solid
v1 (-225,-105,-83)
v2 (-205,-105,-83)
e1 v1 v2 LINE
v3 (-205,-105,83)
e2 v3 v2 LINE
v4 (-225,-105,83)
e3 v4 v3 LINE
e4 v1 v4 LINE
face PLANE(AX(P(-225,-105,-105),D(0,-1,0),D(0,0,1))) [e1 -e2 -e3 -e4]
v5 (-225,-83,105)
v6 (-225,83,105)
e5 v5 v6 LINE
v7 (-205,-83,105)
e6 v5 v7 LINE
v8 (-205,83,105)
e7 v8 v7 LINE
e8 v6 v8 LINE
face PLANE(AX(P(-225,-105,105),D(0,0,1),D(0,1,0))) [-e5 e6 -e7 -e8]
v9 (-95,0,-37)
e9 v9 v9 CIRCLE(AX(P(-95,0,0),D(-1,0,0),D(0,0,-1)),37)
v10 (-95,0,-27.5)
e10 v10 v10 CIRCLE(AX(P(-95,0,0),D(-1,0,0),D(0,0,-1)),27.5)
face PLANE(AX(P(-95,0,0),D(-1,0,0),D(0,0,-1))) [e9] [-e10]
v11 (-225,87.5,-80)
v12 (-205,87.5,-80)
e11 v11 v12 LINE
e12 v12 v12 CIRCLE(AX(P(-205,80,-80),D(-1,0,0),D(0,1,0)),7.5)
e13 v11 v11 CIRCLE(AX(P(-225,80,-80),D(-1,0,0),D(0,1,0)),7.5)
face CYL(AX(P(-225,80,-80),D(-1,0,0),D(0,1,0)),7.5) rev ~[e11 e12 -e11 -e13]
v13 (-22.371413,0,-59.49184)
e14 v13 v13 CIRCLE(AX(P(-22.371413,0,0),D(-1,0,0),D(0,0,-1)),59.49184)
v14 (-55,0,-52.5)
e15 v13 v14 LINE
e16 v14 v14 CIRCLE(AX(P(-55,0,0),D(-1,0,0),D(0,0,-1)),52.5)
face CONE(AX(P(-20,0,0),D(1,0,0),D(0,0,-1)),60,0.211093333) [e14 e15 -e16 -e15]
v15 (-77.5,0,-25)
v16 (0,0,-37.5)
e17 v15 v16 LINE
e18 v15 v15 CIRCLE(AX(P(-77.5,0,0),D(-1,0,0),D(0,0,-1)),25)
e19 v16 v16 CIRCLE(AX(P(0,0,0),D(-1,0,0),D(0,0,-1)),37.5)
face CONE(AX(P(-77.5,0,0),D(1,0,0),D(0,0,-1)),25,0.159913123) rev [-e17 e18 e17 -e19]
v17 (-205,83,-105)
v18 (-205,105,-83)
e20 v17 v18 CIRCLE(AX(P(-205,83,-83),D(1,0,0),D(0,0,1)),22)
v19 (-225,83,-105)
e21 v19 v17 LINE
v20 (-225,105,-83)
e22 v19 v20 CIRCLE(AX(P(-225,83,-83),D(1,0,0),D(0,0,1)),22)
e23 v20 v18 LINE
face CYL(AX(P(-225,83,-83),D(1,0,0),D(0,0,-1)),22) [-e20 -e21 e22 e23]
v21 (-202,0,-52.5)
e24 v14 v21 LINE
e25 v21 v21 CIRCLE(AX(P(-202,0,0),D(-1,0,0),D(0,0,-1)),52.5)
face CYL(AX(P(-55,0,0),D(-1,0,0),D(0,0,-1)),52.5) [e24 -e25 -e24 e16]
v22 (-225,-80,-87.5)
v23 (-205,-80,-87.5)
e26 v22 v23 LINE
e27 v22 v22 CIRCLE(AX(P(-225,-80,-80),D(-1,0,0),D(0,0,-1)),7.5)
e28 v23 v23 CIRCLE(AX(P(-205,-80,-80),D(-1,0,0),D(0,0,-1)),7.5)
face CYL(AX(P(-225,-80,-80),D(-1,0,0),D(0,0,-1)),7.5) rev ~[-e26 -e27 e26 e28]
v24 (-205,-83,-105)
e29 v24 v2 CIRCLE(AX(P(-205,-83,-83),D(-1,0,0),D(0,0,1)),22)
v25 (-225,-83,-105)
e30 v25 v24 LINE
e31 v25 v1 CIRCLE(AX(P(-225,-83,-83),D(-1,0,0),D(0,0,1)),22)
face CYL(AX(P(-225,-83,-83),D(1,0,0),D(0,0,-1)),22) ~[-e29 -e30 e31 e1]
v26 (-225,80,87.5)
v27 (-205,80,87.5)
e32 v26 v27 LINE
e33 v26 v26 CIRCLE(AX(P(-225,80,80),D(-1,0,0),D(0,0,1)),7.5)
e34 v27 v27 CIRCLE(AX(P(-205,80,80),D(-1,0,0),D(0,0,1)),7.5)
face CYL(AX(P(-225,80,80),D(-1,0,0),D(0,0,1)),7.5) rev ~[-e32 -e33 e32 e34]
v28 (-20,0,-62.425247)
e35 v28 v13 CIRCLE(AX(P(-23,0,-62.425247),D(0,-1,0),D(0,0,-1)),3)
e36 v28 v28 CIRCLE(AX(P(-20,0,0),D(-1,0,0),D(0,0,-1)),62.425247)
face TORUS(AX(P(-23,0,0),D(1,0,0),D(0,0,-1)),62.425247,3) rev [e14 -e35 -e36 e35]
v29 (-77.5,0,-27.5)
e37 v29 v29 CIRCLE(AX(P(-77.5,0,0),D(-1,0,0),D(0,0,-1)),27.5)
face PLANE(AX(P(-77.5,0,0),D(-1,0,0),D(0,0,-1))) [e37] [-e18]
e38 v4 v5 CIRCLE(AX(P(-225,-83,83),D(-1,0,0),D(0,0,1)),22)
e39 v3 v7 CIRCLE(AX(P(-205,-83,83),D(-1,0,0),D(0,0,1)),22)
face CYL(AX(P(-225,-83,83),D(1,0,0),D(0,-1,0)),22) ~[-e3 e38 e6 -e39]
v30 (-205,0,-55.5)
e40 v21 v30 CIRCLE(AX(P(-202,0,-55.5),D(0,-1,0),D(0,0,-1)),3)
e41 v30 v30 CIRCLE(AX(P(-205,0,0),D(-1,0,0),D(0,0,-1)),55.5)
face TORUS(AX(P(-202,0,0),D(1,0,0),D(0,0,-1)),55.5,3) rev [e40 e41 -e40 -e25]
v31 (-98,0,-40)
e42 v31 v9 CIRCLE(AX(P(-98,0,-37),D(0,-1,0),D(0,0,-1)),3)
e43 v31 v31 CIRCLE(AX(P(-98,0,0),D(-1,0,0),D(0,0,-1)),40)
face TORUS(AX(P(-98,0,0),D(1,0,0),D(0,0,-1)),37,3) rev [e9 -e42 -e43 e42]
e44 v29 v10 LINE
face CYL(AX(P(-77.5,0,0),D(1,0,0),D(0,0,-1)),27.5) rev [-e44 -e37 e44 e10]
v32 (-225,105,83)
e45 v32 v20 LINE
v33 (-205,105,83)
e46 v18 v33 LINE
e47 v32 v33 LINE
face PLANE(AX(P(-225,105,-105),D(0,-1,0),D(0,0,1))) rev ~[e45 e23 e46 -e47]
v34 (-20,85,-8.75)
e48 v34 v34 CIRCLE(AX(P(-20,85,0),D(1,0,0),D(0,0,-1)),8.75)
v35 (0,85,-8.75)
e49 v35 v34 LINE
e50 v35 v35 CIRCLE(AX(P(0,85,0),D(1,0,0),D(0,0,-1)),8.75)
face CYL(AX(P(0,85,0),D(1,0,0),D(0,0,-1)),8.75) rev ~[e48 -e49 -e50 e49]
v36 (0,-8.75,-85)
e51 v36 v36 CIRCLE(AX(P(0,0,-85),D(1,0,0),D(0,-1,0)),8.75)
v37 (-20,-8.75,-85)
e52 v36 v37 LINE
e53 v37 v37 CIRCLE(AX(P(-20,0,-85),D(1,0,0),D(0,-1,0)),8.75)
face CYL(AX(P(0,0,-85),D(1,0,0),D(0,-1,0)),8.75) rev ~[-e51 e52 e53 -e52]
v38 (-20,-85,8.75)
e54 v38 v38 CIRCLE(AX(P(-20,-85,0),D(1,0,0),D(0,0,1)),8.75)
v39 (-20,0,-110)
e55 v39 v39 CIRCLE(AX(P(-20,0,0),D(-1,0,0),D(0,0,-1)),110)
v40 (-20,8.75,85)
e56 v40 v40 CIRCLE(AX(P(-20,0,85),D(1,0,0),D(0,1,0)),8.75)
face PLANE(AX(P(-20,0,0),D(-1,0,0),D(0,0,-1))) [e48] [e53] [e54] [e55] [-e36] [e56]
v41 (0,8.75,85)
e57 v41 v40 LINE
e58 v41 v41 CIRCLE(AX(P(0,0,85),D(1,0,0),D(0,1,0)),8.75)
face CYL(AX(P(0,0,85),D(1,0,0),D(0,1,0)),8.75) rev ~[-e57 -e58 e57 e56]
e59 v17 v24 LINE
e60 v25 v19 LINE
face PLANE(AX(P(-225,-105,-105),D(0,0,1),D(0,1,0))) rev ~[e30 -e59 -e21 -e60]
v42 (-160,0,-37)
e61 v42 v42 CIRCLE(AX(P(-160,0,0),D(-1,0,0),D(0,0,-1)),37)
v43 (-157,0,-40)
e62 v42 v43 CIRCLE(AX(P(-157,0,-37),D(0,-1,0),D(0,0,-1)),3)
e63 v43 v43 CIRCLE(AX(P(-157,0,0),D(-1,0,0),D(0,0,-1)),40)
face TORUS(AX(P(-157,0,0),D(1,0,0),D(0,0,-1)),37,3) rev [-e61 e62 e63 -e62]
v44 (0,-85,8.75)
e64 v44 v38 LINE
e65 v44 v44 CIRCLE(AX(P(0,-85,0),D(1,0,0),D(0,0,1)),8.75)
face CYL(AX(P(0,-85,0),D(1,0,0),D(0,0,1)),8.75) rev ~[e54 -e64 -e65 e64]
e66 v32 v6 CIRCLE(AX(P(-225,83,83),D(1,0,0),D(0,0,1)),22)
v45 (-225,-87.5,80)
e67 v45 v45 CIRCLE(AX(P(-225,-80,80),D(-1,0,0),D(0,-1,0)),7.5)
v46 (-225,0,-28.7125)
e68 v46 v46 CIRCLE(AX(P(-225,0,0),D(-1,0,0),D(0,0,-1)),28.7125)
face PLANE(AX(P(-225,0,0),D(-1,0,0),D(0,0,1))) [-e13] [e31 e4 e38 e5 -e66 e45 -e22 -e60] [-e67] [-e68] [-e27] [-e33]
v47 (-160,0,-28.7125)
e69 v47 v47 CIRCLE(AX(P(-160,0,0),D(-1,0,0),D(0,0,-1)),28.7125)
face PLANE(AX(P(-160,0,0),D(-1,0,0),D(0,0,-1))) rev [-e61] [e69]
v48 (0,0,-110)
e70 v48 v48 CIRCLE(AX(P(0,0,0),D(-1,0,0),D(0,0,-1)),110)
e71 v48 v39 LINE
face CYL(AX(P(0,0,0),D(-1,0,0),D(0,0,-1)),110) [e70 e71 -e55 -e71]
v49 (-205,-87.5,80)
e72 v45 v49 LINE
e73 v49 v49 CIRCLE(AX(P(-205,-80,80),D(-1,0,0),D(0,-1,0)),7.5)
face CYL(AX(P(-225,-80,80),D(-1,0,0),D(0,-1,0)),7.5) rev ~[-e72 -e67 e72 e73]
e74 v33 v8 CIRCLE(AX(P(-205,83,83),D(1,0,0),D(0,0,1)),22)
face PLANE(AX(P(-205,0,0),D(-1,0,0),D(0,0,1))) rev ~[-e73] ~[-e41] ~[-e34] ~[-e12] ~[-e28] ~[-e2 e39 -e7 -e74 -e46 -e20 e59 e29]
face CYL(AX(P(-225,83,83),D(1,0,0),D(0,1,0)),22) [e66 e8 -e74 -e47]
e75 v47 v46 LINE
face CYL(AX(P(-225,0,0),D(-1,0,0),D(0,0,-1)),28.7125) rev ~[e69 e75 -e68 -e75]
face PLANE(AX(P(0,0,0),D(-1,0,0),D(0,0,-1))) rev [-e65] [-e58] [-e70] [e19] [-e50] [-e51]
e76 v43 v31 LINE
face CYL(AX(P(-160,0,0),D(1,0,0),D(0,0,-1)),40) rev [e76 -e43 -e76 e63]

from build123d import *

# Parameters (mm, degrees)
CUT_EXTRUDE_1_REACH      = 275.542
SKETCH_2_R               = 8.75
PATTERN_CIRCULAR_1_COUNT = 4
SKETCH_3_W               = 210
SKETCH_3_H               = 210
SKETCH_3_R               = 28.7125
EXTRUDE_1_DEPTH          = 20
SKETCH_4_R               = 7.5
CUT_EXTRUDE_2_DEPTH      = 20
FILLET_1_R               = 22
PATTERN_CIRCULAR_5_COUNT = 4
FILLET_2_R               = 3
SKETCH_5_R               = 28.7125
SKETCH_5_R_2             = 27.5
EXTRUDE_2_DEPTH          = 17.5
FILLET_3_R               = 3


with BuildPart() as part:
    # Эскиз1 → Повернуть1 (revolve)
    with BuildSketch(Plane.XY, mode=Mode.PRIVATE) as revolve_1_sk:
        Polygon((0, 37.5), (0, 110), (-20, 110), (-20, 60), (-55, 52.5), (-205, 52.5), (-205, 105), (-225, 105), (-225, 62.5), (-210, 62.5), (-210, 28.7125), (-160, 28.7125), (-160, 40), (-95, 40), (-95, 28.7125), (-77.5, 28.7125), (-77.5, 25), align=None)
    revolve(revolve_1_sk.sketch.rotate(Axis((0, 0, 0), (-1, 0, 0)), 90), axis=Axis((0, 0, 0), (-1, 0, 0)))

    # Эскиз2 → Вырез-Вытянуть1 (cut, up to next)
    with BuildSketch(Plane(origin=(0, 0, 0), x_dir=(0, 0, -1), z_dir=(1, 0, 0)), mode=Mode.PRIVATE) as cut_extrude_1_sk1:
        with Locations((0, 85)):
            Circle(SKETCH_2_R)
    cut_extrude_1_tool1 = extrude(cut_extrude_1_sk1.sketch, amount=-CUT_EXTRUDE_1_REACH, mode=Mode.PRIVATE) & part.part
    cut_extrude_1 = cut_extrude_1_tool1.solids().sort_by_distance((0, 85, 0))[0]
    add(cut_extrude_1, mode=Mode.SUBTRACT)

    # Круговой массив1: Вырез-Вытянуть1 ×4 about axis
    pattern_circular_1_axis = Axis((0, 0, 0), (1, 0, 0))
    for i in range(1, PATTERN_CIRCULAR_1_COUNT):
        add(cut_extrude_1.rotate(pattern_circular_1_axis, i * 360 / PATTERN_CIRCULAR_1_COUNT), mode=Mode.SUBTRACT)

    # Эскиз3 → Бобышка-Вытянуть1 (add)
    with BuildSketch(Plane.ZY.offset(225)):
        Rectangle(SKETCH_3_W, SKETCH_3_H)
        with Locations(Location((0, 0, 0), (0, 0, 180))):
            Circle(SKETCH_3_R, mode=Mode.SUBTRACT)
    extrude(amount=-EXTRUDE_1_DEPTH)

    # Эскиз4 → Вырез-Вытянуть2 (cut)
    with BuildSketch(Plane.ZY.offset(225)):
        with Locations((80, 80)):
            Circle(SKETCH_4_R)
    cut_extrude_2 = extrude(amount=-CUT_EXTRUDE_2_DEPTH, mode=Mode.SUBTRACT)

    # Скругление1
    fillet_1_edges = [part.edges().sort_by_distance(p)[0] for p in [
        (-215, 105, 105),
        (-215, -105, 105),
        (-215, -105, -105),
        (-215, 105, -105),
    ]]
    fillet(fillet_1_edges, radius=FILLET_1_R)

    # Круговой массив5: Вырез-Вытянуть2 ×4 about axis
    pattern_circular_5_axis = Axis((0, 0, 0), (1, 0, 0))
    for i in range(1, PATTERN_CIRCULAR_5_COUNT):
        add(cut_extrude_2.rotate(pattern_circular_5_axis, i * 360 / PATTERN_CIRCULAR_5_COUNT), mode=Mode.SUBTRACT)

    # Скругление2
    fillet_2_edges = [part.edges().sort_by_distance(p)[0] for p in [
        (-160, 0, 40),
        (-95, 0, 40),
    ]]
    fillet(fillet_2_edges, radius=FILLET_2_R)

    # Эскиз5 → Бобышка-Вытянуть2 (add)
    with BuildSketch(Plane.ZY.offset(77.5)):
        with Locations(Location((0, 0, 0), (0, 0, 180))):
            Circle(SKETCH_5_R)
        with Locations(Location((0, 0, 0), (0, 0, 180))):
            Circle(SKETCH_5_R_2, mode=Mode.SUBTRACT)
    extrude(amount=EXTRUDE_2_DEPTH)

    # Скругление3
    fillet_3_edges = [part.edges().sort_by_distance(p)[0] for p in [
        (-20, 0, 60),
        (-205, 0, 52.5),
    ]]
    fillet(fillet_3_edges, radius=FILLET_3_R)


solid = part.part
